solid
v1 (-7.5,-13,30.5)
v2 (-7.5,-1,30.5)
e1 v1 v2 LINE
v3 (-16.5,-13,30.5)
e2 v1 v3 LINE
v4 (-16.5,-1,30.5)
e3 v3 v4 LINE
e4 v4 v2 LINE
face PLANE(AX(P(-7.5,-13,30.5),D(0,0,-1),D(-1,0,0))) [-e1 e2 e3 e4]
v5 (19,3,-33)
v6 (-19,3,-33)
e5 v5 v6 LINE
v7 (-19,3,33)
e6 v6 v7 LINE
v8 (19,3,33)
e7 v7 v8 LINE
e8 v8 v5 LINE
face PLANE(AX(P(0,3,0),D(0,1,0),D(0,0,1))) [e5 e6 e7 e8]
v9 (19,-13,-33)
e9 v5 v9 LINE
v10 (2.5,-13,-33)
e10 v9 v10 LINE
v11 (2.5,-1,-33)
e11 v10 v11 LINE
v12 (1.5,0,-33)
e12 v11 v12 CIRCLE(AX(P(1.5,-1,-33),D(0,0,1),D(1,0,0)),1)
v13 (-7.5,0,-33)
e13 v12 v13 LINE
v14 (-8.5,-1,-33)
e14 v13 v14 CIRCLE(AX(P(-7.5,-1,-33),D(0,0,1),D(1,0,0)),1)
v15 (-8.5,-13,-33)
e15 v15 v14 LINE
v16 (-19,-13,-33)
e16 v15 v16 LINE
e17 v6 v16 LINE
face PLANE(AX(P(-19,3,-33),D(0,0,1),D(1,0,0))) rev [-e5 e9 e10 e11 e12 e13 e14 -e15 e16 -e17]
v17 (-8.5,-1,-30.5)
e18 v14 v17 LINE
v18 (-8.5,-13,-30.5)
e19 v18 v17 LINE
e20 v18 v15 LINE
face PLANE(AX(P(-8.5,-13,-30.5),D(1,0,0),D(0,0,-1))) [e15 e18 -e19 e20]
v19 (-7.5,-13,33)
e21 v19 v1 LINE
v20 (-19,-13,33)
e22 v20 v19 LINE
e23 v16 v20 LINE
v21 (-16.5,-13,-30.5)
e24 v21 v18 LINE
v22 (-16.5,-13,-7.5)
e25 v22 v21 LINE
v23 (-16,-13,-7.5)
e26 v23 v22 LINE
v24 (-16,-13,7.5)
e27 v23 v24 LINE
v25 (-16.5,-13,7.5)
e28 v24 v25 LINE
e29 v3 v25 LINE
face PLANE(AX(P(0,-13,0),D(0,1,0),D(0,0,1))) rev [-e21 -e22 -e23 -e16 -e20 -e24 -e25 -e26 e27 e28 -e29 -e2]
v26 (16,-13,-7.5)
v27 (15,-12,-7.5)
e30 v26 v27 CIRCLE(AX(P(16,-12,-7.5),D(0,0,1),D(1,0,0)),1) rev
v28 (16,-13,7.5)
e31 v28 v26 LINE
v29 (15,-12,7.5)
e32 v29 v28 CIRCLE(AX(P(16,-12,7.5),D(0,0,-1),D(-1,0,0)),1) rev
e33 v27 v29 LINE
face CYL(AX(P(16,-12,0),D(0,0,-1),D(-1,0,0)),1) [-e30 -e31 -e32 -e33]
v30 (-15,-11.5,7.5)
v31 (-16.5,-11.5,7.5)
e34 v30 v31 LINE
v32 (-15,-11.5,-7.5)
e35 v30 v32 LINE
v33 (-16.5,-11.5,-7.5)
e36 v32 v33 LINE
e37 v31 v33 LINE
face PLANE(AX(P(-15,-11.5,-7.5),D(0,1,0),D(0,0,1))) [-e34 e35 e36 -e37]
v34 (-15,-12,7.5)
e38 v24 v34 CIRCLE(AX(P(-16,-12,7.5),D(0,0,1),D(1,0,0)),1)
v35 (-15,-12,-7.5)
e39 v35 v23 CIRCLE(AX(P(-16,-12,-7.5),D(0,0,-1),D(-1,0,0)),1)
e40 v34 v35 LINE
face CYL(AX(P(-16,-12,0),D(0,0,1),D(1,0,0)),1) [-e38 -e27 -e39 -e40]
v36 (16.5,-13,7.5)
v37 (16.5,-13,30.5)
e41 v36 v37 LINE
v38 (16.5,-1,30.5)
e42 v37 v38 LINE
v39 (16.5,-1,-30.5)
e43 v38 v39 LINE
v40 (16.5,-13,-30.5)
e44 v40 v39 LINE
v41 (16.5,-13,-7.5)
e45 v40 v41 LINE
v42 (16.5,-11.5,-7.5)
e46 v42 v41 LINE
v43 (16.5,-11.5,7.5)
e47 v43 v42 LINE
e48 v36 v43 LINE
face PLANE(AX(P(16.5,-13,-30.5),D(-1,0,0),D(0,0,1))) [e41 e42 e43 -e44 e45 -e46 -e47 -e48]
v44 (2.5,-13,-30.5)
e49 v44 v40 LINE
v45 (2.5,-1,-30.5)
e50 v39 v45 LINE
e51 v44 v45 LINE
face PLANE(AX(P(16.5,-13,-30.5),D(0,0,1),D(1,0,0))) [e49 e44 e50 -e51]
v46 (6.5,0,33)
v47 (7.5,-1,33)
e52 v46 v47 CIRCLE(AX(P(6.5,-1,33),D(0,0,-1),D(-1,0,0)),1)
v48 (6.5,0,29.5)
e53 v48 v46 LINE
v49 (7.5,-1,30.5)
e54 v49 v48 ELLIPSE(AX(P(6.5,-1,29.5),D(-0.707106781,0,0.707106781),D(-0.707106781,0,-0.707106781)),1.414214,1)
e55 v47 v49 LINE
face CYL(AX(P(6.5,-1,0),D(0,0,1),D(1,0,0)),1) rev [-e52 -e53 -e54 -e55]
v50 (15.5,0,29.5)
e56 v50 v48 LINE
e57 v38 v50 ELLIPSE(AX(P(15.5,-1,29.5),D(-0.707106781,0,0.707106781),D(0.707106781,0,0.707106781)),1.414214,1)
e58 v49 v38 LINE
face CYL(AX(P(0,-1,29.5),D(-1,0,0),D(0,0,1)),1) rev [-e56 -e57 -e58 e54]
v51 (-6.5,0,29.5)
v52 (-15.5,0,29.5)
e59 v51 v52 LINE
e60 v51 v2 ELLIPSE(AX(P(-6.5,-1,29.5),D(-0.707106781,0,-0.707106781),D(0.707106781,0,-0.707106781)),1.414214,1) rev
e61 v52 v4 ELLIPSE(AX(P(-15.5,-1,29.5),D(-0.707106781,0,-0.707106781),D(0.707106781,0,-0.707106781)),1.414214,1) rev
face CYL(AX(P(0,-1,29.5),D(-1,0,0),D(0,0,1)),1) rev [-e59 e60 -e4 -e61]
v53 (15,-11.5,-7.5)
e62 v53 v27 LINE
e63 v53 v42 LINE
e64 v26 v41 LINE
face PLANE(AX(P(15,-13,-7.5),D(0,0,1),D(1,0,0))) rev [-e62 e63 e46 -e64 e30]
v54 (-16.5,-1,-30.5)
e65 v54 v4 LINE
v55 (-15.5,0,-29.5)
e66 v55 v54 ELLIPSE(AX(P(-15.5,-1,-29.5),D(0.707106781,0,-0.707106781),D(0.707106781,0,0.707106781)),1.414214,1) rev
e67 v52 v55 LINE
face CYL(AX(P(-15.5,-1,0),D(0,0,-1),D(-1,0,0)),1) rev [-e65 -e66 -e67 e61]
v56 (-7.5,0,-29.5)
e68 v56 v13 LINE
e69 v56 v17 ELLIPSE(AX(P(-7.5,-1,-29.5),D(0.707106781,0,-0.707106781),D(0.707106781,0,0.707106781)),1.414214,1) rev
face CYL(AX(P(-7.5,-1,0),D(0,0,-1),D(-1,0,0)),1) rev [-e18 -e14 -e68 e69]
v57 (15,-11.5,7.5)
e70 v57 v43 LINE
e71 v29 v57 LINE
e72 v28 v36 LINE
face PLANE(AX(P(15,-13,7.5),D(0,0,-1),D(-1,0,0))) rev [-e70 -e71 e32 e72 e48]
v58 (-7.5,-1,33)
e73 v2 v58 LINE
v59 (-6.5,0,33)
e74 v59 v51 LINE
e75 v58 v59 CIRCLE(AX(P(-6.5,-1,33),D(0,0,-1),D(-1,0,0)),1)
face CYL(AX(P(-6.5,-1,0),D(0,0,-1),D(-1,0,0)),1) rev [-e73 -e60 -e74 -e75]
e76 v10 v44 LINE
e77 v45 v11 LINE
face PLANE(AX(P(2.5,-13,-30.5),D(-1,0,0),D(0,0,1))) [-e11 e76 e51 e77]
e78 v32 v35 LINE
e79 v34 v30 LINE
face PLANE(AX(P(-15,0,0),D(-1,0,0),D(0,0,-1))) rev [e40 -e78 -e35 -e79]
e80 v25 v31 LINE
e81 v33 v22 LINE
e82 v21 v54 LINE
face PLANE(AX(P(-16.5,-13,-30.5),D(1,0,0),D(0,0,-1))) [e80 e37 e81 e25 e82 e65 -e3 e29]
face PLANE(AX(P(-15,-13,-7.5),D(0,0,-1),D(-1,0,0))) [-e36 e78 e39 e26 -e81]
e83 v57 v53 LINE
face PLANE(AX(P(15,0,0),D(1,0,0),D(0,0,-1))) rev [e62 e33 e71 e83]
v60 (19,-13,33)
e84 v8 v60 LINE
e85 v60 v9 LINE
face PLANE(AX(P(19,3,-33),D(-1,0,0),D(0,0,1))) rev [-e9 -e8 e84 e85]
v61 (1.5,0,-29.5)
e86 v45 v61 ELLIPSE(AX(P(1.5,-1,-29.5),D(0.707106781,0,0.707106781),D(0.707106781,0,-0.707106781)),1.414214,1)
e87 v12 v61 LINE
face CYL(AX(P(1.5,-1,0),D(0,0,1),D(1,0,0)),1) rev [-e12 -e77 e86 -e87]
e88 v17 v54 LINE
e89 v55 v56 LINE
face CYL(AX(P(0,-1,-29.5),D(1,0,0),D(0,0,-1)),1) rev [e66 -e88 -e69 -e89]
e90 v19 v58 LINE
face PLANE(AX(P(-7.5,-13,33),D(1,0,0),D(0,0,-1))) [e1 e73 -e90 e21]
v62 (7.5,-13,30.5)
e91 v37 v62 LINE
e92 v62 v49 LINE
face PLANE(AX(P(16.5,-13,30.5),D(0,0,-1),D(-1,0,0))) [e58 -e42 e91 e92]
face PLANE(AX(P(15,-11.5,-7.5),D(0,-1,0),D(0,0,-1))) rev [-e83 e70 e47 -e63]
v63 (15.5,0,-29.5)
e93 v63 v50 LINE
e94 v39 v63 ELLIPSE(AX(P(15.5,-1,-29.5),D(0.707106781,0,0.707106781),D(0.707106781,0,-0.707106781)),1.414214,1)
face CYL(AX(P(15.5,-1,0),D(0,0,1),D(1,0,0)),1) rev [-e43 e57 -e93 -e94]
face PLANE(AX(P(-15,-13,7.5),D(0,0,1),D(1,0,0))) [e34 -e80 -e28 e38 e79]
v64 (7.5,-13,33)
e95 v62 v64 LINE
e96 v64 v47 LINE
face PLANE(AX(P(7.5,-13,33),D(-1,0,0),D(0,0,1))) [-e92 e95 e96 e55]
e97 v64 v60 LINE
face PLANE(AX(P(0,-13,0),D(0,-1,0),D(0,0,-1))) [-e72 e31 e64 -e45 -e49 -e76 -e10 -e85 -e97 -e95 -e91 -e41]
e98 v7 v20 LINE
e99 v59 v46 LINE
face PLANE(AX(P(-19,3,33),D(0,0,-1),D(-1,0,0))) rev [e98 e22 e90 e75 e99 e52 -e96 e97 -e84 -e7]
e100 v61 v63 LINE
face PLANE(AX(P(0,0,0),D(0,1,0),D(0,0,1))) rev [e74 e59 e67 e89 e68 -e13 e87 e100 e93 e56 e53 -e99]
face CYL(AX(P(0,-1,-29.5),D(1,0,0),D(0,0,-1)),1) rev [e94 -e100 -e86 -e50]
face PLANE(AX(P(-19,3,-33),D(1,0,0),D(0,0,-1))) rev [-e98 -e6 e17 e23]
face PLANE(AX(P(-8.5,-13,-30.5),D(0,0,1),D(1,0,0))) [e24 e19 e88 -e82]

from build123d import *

# Parameters (mm, degrees)
SKETCH1_W           = 38
SKETCH1_H           = 66
BOSS_EXTRUDE1_DEPTH = 3
BOSS_EXTRUDE3_DEPTH = 13
SKETCH5_W           = 15
SKETCH5_H           = 1.5
BOSS_EXTRUDE4_DEPTH = 1.5
FILLET2_R           = 1
FILLET3_R           = 1


with BuildPart() as part:
    # Sketch1 → Boss-Extrude1 (new body)
    with BuildSketch(Plane(origin=(0, 0, 0), x_dir=(1, 0, 0), z_dir=(0, 1, 0))):
        Rectangle(SKETCH1_W, SKETCH1_H)
    extrude(amount=BOSS_EXTRUDE1_DEPTH)

    # Sketch2 → Boss-Extrude3 (add)
    with BuildSketch(Plane(origin=(0, 0, 0), x_dir=(1, 0, 0), z_dir=(0, 1, 0))):
        Polygon((2.5, 30.5), (2.5, 33), (19, 33), (19, -33), (7.5, -33), (7.5, -30.5), (16.5, -30.5), (16.5, 30.5), align=None)
        Polygon((-19, 33), (-19, -33), (-7.5, -33), (-7.5, -30.5), (-16.5, -30.5), (-16.5, 30.5), (-8.5, 30.5), (-8.5, 33), align=None)
    extrude(amount=-BOSS_EXTRUDE3_DEPTH)

    # Sketch5 → Boss-Extrude4 (add)
    with BuildSketch(Plane.ZY.offset(-16.5)):
        with Locations((0, -12.25)):
            Rectangle(SKETCH5_W, SKETCH5_H)
    boss_extrude4 = extrude(amount=BOSS_EXTRUDE4_DEPTH)

    # Mirror1: Boss-Extrude4 across plane
    add(boss_extrude4.mirror(Plane(origin=(0, 0, 0), x_dir=(0, 0, 1), z_dir=(1, 0, 0))))

    # Fillet2
    fillet2_edges = [part.edges().sort_by_distance(p)[0] for p in [
        (15, -13, 0),
        (-15, -13, 0),
    ]]
    fillet(fillet2_edges, radius=FILLET2_R)

    # Fillet3
    fillet3_edges = [part.edges().sort_by_distance(p)[0] for p in [
        (-8.5, 0, -31.75),
        (2.5, 0, -31.75),
        (-12.5, 0, -30.5),
        (9.5, 0, -30.5),
        (16.5, 0, 0),
        (7.5, 0, 31.75),
        (12, 0, 30.5),
        (-16.5, 0, 0),
        (-12, 0, 30.5),
        (-7.5, 0, 31.75),
    ]]
    fillet(fillet3_edges, radius=FILLET3_R)


solid = part.part
